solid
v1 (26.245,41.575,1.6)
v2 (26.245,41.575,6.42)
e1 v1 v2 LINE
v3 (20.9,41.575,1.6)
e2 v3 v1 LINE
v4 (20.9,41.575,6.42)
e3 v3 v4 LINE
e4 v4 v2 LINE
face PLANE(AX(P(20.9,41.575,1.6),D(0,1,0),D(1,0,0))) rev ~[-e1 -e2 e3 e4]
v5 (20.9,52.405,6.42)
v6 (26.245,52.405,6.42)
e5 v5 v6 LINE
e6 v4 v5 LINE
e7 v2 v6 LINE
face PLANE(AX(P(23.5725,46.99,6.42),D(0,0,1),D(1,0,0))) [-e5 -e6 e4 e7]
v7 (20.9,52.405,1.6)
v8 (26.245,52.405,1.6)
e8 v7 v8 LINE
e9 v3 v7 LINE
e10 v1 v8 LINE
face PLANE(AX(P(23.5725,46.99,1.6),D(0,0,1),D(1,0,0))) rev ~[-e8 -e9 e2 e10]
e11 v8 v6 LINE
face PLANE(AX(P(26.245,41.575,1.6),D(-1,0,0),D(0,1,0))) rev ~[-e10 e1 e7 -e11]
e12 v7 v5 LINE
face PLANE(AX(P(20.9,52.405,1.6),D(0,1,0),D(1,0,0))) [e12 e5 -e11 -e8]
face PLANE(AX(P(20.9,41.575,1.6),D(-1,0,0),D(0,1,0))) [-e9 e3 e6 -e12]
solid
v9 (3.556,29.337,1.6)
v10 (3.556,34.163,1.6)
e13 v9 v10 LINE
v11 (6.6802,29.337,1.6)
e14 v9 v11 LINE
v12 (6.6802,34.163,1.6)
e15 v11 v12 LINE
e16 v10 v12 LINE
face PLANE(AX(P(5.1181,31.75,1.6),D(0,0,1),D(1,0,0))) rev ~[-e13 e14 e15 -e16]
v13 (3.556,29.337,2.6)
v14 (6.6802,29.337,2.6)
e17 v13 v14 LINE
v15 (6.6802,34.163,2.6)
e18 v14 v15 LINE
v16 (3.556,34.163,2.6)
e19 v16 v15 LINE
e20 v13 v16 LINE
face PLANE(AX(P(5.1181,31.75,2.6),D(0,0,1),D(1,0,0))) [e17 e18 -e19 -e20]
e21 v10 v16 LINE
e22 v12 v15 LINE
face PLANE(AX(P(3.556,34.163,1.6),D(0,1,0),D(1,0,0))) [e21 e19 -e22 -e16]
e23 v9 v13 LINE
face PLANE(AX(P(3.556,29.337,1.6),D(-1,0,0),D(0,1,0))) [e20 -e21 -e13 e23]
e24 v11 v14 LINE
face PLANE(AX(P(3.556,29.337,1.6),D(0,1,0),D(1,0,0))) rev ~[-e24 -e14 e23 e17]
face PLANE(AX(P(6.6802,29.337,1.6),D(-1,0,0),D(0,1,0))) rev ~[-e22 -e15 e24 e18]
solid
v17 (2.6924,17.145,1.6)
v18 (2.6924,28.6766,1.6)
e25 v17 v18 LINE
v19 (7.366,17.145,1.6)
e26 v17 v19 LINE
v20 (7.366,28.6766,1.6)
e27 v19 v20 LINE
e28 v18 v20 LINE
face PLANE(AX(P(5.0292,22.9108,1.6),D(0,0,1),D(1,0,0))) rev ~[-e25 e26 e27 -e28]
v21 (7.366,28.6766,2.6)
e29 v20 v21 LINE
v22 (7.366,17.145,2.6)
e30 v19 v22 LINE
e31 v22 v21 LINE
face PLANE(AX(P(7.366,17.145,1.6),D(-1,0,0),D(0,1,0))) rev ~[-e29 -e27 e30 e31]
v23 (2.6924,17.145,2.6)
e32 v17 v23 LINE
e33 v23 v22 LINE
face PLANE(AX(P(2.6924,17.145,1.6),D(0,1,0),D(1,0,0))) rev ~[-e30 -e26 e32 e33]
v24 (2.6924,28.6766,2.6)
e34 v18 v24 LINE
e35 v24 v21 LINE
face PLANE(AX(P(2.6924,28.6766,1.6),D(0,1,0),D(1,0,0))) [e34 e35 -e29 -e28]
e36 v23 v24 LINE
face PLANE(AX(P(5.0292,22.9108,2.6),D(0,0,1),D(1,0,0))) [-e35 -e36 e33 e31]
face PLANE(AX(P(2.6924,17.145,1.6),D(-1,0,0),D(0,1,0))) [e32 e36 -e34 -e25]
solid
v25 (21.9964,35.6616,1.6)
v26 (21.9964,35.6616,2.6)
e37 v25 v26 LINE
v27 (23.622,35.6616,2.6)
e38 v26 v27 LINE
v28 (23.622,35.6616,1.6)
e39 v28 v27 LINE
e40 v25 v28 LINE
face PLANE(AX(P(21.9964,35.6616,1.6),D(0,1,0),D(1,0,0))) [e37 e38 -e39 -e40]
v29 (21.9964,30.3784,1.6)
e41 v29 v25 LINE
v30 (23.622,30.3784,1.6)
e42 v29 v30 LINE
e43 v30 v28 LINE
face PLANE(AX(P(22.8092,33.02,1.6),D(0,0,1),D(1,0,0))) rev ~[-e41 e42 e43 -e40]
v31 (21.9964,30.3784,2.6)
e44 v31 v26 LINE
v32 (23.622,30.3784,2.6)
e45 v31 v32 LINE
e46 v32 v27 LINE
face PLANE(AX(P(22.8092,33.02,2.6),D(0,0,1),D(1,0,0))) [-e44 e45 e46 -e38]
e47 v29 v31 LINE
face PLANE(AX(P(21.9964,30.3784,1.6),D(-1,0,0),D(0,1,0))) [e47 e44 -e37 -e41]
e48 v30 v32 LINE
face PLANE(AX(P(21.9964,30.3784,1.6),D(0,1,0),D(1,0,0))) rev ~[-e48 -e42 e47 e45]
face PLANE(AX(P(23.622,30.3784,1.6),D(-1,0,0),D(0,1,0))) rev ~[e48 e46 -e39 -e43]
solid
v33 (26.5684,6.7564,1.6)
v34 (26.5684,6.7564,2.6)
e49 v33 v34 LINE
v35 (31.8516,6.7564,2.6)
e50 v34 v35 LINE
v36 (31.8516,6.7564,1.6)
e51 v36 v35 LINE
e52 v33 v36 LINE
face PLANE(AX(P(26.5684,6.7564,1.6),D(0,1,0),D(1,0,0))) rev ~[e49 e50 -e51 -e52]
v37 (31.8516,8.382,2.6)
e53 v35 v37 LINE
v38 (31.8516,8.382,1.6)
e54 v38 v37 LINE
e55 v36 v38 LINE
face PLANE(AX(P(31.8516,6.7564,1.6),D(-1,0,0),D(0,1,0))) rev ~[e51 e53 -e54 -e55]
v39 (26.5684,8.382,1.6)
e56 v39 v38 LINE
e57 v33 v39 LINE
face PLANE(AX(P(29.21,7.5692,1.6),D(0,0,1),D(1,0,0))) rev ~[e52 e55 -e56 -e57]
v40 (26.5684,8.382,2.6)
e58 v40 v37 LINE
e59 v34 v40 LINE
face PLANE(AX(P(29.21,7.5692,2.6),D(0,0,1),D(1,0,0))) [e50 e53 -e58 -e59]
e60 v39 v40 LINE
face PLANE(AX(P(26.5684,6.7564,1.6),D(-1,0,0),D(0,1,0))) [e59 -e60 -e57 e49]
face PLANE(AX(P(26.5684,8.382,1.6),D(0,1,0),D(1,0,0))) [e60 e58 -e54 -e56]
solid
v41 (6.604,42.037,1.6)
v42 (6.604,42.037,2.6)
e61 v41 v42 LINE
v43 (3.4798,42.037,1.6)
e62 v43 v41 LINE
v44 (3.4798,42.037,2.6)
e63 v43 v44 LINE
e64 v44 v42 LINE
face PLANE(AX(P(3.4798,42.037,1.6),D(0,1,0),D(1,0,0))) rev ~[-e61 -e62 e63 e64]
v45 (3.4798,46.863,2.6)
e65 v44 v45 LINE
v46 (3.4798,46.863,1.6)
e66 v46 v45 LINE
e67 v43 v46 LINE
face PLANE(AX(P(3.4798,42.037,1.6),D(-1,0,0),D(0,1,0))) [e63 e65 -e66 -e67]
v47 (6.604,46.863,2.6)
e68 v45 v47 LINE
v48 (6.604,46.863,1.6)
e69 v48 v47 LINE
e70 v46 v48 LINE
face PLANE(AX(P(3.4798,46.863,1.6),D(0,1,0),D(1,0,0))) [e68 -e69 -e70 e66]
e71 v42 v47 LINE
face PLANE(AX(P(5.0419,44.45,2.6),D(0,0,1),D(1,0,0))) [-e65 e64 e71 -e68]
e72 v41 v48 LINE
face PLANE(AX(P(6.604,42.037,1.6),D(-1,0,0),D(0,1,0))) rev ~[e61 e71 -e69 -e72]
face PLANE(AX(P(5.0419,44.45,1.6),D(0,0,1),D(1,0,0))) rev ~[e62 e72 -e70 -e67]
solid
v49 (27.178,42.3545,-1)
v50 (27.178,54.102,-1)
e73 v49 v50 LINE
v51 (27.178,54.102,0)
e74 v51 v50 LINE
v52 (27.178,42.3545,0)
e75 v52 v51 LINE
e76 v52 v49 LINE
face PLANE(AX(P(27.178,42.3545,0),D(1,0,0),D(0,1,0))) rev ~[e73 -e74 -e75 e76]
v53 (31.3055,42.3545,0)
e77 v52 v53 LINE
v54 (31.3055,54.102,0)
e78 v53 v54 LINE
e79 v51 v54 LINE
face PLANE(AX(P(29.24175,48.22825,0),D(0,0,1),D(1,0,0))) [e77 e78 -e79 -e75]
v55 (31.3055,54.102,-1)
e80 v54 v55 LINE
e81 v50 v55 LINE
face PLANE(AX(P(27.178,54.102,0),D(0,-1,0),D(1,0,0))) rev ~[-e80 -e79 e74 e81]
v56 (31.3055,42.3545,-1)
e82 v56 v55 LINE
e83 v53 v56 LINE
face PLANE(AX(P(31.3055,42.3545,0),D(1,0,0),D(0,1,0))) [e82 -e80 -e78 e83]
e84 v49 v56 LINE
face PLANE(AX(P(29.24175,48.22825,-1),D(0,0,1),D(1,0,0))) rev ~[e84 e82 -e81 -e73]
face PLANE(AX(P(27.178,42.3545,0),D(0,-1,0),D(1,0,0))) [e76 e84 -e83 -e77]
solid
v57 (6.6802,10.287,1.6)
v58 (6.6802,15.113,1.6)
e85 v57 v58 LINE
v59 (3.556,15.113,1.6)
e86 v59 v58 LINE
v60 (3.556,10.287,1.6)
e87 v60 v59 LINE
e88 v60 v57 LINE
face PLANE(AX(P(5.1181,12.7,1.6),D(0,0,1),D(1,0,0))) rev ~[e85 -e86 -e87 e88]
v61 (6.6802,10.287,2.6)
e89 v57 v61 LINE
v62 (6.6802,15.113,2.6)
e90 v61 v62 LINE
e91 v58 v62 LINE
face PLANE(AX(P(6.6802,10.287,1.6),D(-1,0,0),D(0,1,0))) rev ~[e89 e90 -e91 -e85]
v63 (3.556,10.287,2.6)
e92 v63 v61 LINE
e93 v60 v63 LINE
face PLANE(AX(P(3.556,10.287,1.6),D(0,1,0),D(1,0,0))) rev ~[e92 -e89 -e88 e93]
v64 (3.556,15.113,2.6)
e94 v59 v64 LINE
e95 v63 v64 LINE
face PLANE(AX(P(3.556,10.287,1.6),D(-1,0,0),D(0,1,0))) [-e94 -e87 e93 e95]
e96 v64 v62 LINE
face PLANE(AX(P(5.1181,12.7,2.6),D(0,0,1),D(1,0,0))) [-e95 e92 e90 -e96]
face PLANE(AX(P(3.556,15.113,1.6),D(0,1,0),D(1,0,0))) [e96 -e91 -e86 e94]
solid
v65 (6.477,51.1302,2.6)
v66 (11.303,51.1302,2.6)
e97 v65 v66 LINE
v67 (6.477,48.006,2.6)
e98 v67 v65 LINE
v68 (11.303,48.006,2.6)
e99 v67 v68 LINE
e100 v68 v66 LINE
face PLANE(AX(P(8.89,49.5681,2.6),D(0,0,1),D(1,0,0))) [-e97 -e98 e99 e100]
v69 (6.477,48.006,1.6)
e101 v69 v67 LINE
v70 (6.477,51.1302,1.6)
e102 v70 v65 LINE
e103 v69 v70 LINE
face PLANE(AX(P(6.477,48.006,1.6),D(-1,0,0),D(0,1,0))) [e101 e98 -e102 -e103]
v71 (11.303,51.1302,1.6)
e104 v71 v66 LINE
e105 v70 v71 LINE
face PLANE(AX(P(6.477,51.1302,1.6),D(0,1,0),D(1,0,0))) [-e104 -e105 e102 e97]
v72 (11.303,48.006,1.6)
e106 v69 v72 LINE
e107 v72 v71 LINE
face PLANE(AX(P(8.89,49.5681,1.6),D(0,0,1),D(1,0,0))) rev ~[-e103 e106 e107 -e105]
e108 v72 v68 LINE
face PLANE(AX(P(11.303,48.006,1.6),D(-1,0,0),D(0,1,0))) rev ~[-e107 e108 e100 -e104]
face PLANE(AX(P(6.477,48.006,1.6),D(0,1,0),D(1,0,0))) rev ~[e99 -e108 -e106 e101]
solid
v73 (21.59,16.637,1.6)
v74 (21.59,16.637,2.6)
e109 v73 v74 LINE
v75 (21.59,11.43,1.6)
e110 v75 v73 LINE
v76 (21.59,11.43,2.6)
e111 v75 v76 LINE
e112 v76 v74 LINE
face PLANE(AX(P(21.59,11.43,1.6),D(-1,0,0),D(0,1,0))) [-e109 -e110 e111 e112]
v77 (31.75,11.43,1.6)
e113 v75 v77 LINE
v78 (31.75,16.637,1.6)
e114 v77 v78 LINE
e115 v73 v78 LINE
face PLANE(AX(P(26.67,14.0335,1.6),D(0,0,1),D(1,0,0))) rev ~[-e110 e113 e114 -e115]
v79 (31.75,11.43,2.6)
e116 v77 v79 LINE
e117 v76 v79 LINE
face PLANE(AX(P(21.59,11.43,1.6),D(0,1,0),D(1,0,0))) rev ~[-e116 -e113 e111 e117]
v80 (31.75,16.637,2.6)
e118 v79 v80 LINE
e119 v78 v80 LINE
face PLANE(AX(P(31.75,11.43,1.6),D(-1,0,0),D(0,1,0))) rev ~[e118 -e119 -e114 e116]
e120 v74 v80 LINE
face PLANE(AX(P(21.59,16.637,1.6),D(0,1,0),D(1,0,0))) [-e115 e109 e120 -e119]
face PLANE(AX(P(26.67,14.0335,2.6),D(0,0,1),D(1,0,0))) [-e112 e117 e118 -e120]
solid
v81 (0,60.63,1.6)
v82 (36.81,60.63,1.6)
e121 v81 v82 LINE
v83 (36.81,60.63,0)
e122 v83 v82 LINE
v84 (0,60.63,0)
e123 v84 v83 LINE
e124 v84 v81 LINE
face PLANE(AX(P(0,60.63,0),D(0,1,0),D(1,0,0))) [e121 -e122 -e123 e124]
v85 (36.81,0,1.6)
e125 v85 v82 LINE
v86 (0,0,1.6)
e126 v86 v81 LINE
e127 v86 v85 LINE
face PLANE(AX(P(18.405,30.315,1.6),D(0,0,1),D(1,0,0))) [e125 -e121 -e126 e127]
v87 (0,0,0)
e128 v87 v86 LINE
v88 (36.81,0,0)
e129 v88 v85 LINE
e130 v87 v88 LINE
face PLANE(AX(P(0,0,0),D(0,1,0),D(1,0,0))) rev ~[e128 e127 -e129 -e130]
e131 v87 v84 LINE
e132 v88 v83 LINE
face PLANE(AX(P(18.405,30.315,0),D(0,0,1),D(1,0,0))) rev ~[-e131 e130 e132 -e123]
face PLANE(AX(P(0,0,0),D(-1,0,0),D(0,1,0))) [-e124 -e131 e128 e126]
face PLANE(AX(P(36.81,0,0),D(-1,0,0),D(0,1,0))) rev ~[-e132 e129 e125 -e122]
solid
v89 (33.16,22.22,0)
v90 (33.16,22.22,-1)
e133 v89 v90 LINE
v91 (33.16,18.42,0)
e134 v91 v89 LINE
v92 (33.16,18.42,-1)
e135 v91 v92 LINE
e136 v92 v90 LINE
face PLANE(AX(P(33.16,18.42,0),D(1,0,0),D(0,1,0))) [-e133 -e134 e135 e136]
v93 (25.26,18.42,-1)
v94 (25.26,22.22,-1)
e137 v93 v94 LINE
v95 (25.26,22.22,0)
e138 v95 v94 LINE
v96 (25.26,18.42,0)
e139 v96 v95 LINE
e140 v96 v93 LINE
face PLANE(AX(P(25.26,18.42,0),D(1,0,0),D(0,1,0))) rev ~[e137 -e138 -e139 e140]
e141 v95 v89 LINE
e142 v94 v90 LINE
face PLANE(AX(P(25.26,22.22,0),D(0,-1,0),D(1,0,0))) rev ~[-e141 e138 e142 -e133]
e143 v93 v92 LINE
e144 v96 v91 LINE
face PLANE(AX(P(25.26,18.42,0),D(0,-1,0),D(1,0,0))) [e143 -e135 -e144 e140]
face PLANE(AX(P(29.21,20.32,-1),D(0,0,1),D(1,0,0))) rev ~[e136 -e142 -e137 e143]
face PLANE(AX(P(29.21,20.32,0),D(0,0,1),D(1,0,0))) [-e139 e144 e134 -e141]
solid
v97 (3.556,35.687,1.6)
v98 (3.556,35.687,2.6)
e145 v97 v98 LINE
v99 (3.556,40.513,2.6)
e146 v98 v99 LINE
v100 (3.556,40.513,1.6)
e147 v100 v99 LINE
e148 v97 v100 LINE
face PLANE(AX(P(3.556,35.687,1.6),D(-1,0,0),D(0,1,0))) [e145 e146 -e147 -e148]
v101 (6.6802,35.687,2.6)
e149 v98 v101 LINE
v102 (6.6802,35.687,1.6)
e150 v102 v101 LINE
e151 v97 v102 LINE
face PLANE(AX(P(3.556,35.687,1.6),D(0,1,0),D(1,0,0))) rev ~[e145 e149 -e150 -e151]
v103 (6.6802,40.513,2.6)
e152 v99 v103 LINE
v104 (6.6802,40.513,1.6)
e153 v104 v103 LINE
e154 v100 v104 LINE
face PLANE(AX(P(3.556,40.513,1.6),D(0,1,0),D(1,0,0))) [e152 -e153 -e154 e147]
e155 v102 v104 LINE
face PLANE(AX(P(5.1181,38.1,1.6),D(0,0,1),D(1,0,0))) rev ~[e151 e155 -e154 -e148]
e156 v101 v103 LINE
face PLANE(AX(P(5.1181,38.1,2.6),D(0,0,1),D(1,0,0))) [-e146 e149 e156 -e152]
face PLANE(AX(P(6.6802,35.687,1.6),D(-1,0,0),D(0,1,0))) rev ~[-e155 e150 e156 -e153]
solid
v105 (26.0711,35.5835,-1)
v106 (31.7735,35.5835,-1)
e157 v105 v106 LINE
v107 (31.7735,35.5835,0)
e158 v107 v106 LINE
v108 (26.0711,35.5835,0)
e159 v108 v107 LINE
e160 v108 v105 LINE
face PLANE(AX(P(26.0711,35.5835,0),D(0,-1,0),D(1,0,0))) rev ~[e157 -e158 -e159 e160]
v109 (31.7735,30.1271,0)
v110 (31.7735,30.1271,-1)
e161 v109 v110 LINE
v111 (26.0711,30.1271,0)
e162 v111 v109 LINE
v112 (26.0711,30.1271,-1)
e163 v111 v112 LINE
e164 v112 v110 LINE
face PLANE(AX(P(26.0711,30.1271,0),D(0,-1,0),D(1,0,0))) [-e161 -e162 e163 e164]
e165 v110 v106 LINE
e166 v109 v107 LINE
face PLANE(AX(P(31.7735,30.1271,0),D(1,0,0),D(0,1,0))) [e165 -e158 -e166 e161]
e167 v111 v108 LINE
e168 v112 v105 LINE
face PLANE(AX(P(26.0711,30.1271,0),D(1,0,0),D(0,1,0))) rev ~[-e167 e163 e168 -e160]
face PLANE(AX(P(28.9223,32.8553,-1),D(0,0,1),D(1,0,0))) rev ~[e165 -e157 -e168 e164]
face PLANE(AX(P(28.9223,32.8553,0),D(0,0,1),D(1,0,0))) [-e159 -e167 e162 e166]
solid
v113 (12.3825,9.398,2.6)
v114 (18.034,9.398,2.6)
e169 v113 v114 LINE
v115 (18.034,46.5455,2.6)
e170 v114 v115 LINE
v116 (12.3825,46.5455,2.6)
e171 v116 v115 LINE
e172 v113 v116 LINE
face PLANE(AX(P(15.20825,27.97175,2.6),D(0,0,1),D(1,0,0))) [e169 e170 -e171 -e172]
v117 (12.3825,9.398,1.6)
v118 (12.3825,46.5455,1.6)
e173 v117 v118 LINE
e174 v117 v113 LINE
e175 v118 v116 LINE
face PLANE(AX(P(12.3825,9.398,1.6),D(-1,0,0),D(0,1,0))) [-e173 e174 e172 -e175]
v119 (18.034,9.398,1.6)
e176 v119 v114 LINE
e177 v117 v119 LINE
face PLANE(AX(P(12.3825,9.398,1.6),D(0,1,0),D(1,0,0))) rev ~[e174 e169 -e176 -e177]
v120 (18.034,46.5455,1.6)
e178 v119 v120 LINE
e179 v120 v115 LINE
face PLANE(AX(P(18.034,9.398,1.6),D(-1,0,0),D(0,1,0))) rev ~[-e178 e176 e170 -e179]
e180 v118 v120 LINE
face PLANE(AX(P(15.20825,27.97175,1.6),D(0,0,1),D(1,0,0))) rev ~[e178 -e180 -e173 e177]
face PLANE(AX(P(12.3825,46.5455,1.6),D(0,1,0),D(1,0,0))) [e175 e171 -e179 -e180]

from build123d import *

# Parameters (mm, degrees)
SKETCH1_W                              = 36.81
SKETCH1_H                              = 60.63
BOARD_DEPTH                            = 1.6
SKETCH2_W                              = 4.826
SKETCH2_H                              = 3.1242
C025_030X050_1_DEPTH                   = 1
SKETCH3_W                              = 3.1242
SKETCH3_H                              = 4.826
C025_030X050_2_DEPTH                   = 1
SKETCH4_W                              = 3.1242
SKETCH4_H                              = 4.826
C025_030X050_3_DEPTH                   = 1
SKETCH5_W                              = 3.1242
SKETCH5_H                              = 4.826
C025_030X050_4_DEPTH                   = 1
SKETCH6_W                              = 3.1242
SKETCH6_H                              = 4.826
C025_030X050_5_DEPTH                   = 1
SKETCH7_W                              = 10.16
SKETCH7_H                              = 5.207
AB9V_1_DEPTH                           = 1
SKETCH8_W                              = 5.6515
SKETCH8_H                              = 37.1475
DIL28_1_DEPTH                          = 1
SKETCH9_W                              = 5.7024
SKETCH9_H                              = 5.4564
RGBLED5050_1_DEPTH                     = 1
SKETCH10_W                             = 5.345
SKETCH10_H                             = 10.83
TO254P482X997X1968_3P_4_820000_1_DEPTH = 4.82
SKETCH11_W                             = 1.6256
SKETCH11_H                             = 5.2832
AXIAL_0_3_1_DEPTH                      = 1
SKETCH12_W                             = 5.2832
SKETCH12_H                             = 1.6256
AXIAL_0_3_2_DEPTH                      = 1
SKETCH13_W                             = 4.1275
SKETCH13_H                             = 11.7475
EG1218_1_DEPTH                         = 1
SKETCH14_W                             = 7.9
SKETCH14_H                             = 3.8
TACT_PANA_EVQ_1_DEPTH                  = 1
SKETCH15_W                             = 4.6736
SKETCH15_H                             = 11.5316
HC49US_1_DEPTH                         = 1


with BuildPart() as part:
    # Sketch1 → BOARD (new body)
    with BuildSketch(Plane.XY):
        with Locations((18.405, 30.315)):
            Rectangle(SKETCH1_W, SKETCH1_H)
    extrude(amount=BOARD_DEPTH)


with BuildPart() as body_2:
    # Sketch2 → C025-030X050-1 (new body)
    with BuildSketch(Plane.XY.offset(1.6)):
        with Locations((8.89, 49.5681)):
            Rectangle(SKETCH2_W, SKETCH2_H)
    extrude(amount=C025_030X050_1_DEPTH)


with BuildPart() as body_3:
    # Sketch3 → C025-030X050-2 (new body)
    with BuildSketch(Plane.XY.offset(1.6)):
        with Locations((5.0419, 44.45)):
            Rectangle(SKETCH3_W, SKETCH3_H)
    extrude(amount=C025_030X050_2_DEPTH)


with BuildPart() as body_4:
    # Sketch4 → C025-030X050-3 (new body)
    with BuildSketch(Plane.XY.offset(1.6)):
        with Locations((5.1181, 38.1)):
            Rectangle(SKETCH4_W, SKETCH4_H)
    extrude(amount=C025_030X050_3_DEPTH)


with BuildPart() as body_5:
    # Sketch5 → C025-030X050-4 (new body)
    with BuildSketch(Plane.XY.offset(1.6)):
        with Locations((5.1181, 31.75)):
            Rectangle(SKETCH5_W, SKETCH5_H)
    extrude(amount=C025_030X050_4_DEPTH)


with BuildPart() as body_6:
    # Sketch6 → C025-030X050-5 (new body)
    with BuildSketch(Plane.XY.offset(1.6)):
        with Locations((5.1181, 12.7)):
            Rectangle(SKETCH6_W, SKETCH6_H)
    extrude(amount=C025_030X050_5_DEPTH)


with BuildPart() as body_7:
    # Sketch7 → AB9V-1 (new body)
    with BuildSketch(Plane.XY.offset(1.6)):
        with Locations((26.67, 14.0335)):
            Rectangle(SKETCH7_W, SKETCH7_H)
    extrude(amount=AB9V_1_DEPTH)


with BuildPart() as body_8:
    # Sketch8 → DIL28-1 (new body)
    with BuildSketch(Plane.XY.offset(1.6)):
        with Locations((15.20825, 27.97175)):
            Rectangle(SKETCH8_W, SKETCH8_H)
    extrude(amount=DIL28_1_DEPTH)


with BuildPart() as body_9:
    # Sketch9 → RGBLED5050-1 (new body)
    with BuildSketch(Plane.XY):
        with Locations((28.9223, 32.8553)):
            Rectangle(SKETCH9_W, SKETCH9_H)
    extrude(amount=-RGBLED5050_1_DEPTH)


with BuildPart() as body_10:
    # Sketch10 → TO254P482X997X1968-3P_4.820000-1 (new body)
    with BuildSketch(Plane.XY.offset(1.6)):
        with Locations((23.5725, 46.99)):
            Rectangle(SKETCH10_W, SKETCH10_H)
    extrude(amount=TO254P482X997X1968_3P_4_820000_1_DEPTH)


with BuildPart() as body_11:
    # Sketch11 → AXIAL-0_3-1 (new body)
    with BuildSketch(Plane.XY.offset(1.6)):
        with Locations((22.8092, 33.02)):
            Rectangle(SKETCH11_W, SKETCH11_H)
    extrude(amount=AXIAL_0_3_1_DEPTH)


with BuildPart() as body_12:
    # Sketch12 → AXIAL-0_3-2 (new body)
    with BuildSketch(Plane.XY.offset(1.6)):
        with Locations((29.21, 7.5692)):
            Rectangle(SKETCH12_W, SKETCH12_H)
    extrude(amount=AXIAL_0_3_2_DEPTH)


with BuildPart() as body_13:
    # Sketch13 → EG1218-1 (new body)
    with BuildSketch(Plane.XY):
        with Locations((29.24175, 48.22825)):
            Rectangle(SKETCH13_W, SKETCH13_H)
    extrude(amount=-EG1218_1_DEPTH)


with BuildPart() as body_14:
    # Sketch14 → TACT_PANA-EVQ-1 (new body)
    with BuildSketch(Plane.XY):
        with Locations((29.21, 20.32)):
            Rectangle(SKETCH14_W, SKETCH14_H)
    extrude(amount=-TACT_PANA_EVQ_1_DEPTH)


with BuildPart() as body_15:
    # Sketch15 → HC49US-1 (new body)
    with BuildSketch(Plane.XY.offset(1.6)):
        with Locations((5.0292, 22.9108)):
            Rectangle(SKETCH15_W, SKETCH15_H)
    extrude(amount=HC49US_1_DEPTH)


solid = Compound([part.part, body_2.part, body_3.part, body_4.part, body_5.part, body_6.part, body_7.part, body_8.part, body_9.part, body_10.part, body_11.part, body_12.part, body_13.part, body_14.part, body_15.part])
